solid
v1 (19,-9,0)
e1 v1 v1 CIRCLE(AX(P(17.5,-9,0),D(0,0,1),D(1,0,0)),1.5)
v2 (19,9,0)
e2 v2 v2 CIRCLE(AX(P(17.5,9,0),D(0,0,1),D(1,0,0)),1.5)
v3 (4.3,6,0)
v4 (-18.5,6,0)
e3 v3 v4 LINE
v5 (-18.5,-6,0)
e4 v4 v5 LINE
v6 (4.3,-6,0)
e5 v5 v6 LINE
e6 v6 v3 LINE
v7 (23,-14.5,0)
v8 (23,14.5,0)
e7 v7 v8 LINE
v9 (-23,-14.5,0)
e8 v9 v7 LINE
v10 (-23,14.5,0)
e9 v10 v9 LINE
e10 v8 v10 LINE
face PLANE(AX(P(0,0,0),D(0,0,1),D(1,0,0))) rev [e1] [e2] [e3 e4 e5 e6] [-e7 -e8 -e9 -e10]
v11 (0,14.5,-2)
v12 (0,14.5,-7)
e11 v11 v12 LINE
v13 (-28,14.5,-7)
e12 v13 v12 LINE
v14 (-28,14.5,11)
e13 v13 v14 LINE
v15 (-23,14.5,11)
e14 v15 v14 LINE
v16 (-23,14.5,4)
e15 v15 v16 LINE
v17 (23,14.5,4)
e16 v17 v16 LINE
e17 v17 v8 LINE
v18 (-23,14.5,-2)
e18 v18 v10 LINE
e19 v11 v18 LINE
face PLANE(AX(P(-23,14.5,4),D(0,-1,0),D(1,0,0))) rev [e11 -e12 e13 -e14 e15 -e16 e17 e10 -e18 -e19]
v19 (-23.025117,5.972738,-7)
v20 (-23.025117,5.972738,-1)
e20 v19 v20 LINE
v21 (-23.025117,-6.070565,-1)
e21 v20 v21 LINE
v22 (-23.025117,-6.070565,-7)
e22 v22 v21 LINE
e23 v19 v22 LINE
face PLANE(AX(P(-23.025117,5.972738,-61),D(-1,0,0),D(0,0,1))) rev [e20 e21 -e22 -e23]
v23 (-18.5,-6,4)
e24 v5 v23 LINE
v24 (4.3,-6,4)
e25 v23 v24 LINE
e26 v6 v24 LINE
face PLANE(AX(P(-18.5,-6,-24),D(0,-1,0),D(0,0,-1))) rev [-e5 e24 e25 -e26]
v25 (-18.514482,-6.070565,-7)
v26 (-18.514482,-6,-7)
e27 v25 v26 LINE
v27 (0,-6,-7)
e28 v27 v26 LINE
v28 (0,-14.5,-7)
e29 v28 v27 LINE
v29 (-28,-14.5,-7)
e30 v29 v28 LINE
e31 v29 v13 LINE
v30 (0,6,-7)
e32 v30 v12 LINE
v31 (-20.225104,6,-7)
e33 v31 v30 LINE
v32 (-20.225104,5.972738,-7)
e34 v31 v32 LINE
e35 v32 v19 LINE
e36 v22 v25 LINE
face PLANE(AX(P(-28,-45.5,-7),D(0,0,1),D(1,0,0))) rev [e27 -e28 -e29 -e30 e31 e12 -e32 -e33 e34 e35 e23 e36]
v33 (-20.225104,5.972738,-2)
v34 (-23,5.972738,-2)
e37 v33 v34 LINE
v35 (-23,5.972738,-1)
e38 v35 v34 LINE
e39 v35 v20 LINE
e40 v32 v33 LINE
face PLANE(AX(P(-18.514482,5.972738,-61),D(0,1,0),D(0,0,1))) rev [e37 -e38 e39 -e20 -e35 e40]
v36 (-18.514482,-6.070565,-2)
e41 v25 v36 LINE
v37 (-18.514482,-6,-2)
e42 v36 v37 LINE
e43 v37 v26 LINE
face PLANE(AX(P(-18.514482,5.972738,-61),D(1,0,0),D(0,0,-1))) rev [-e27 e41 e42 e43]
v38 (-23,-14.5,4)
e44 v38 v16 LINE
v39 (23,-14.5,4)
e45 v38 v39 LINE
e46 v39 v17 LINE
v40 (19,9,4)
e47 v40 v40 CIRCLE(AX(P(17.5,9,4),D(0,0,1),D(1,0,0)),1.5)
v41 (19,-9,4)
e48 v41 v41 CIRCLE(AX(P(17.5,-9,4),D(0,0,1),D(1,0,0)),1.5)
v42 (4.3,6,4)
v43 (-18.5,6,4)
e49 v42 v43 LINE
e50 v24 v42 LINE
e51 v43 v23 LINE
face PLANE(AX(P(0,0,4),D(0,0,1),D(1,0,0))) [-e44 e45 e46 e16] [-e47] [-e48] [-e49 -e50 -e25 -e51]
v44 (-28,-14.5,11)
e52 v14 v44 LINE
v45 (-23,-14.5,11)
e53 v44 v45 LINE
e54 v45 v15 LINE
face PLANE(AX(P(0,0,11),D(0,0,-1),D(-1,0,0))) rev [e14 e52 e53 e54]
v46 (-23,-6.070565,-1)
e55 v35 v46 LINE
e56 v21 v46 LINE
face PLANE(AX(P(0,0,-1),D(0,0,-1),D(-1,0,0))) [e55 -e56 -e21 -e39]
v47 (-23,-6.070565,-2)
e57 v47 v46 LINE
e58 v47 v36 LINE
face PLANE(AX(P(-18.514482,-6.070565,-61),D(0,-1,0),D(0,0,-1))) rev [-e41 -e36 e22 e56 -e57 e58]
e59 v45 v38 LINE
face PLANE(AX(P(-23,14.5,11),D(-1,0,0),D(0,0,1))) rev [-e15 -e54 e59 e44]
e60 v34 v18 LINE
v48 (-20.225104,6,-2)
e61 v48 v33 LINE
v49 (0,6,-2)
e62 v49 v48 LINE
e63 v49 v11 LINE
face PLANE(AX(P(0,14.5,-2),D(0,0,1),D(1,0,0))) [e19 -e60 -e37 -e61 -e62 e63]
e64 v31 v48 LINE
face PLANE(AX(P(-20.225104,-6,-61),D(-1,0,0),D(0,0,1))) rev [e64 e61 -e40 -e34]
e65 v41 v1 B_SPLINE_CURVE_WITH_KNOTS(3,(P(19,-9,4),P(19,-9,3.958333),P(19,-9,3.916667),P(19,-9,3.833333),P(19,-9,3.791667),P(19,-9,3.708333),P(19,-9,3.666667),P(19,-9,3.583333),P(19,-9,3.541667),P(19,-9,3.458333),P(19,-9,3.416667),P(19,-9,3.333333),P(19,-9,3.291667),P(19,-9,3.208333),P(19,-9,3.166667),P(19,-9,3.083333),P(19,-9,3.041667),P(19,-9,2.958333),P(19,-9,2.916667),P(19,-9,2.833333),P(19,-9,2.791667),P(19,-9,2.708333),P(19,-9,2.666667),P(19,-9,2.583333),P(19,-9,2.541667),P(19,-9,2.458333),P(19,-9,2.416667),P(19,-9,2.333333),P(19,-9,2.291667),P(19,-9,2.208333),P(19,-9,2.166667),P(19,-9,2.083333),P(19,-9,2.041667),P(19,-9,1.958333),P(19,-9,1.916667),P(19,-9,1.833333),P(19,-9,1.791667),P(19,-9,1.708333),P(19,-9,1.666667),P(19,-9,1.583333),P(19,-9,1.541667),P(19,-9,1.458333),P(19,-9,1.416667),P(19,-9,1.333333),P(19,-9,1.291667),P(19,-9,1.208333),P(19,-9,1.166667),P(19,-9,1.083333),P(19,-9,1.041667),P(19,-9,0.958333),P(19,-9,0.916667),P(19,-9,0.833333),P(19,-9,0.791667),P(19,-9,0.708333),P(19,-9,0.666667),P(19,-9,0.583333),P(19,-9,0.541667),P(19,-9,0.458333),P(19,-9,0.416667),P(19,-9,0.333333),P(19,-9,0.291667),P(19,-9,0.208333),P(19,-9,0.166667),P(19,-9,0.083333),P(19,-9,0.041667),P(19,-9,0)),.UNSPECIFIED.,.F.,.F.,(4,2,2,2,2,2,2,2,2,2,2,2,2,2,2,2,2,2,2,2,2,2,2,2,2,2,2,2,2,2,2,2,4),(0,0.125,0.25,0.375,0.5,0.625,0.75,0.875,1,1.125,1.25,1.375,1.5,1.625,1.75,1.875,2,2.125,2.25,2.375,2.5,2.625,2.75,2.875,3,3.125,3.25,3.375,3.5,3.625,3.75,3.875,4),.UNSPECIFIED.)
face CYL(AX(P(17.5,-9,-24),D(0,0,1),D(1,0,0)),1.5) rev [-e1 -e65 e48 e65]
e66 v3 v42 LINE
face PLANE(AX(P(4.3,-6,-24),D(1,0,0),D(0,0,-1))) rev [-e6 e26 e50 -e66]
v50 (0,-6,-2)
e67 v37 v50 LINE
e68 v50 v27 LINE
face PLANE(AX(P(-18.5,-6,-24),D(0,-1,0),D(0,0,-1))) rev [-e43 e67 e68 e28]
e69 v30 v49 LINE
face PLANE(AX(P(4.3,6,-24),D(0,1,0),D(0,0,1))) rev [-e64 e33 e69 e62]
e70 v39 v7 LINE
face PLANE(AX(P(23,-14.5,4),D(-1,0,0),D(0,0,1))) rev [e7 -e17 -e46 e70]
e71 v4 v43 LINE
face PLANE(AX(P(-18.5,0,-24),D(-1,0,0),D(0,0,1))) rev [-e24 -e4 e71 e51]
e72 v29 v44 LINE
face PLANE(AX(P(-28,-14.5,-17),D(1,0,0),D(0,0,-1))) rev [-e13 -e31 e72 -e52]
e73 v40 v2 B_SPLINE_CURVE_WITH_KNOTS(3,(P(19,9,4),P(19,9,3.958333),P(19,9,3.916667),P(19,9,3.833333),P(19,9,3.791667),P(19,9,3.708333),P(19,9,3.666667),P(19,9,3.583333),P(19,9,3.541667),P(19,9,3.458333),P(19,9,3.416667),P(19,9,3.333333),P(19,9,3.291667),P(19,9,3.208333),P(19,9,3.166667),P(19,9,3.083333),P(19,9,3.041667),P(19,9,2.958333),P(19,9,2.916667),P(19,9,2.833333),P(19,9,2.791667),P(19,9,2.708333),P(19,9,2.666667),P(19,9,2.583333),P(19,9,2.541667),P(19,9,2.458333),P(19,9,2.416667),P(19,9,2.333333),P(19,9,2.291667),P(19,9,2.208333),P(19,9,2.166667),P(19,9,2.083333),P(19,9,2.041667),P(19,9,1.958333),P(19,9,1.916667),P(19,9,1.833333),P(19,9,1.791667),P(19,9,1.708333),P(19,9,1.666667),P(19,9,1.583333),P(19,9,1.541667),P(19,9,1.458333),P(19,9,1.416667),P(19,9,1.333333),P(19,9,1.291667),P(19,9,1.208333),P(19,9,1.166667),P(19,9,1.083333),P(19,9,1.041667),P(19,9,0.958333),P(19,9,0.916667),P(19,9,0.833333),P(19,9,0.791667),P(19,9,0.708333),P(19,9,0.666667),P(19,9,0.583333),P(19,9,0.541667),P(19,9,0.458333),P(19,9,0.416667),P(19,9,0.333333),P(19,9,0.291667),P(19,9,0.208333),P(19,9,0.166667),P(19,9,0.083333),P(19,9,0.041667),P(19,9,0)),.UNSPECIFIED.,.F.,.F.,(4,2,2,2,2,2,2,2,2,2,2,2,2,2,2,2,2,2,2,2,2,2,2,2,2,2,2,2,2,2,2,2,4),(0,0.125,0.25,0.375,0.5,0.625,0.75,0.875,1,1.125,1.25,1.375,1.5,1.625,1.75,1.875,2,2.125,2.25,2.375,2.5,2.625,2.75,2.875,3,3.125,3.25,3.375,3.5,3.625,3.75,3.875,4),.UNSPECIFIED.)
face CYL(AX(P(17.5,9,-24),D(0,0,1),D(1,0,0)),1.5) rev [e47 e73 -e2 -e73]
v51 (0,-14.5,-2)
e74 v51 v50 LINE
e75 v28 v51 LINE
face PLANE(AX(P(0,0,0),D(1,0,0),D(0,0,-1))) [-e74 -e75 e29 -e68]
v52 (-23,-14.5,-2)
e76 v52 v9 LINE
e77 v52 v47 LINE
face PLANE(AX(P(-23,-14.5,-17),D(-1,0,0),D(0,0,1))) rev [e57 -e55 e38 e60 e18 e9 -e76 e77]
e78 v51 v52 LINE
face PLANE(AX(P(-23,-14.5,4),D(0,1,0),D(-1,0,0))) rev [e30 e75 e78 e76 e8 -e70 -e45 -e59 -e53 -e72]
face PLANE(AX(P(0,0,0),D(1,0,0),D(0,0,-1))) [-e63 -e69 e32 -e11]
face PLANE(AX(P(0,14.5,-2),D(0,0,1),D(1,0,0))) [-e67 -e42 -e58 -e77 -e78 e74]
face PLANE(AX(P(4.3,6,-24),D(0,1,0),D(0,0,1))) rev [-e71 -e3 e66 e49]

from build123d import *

# Parameters (mm, degrees)
CROQUIS1_W              = 29
CROQUIS1_H              = 46
SALIENTE_EXTRUIR1_DEPTH = 4
CROQUIS2_W              = 5
CROQUIS2_H              = 29
SALIENTE_EXTRUIR2_DEPTH = 7
CROQUIS3_W              = 5
CROQUIS3_H              = 29
SALIENTE_EXTRUIR3_DEPTH = 21
CROQUIS4_W              = 29
CROQUIS4_H              = 15
SALIENTE_EXTRUIR4_DEPTH = 28
CROQUIS5_R              = 1.5
CORTAR_EXTRUIR1_DEPTH   = 28
CROQUIS6_W              = 28
CROQUIS6_H              = 10
CORTAR_EXTRUIR2_DEPTH   = 60
CORTAR_EXTRUIR3_START   = -5
CROQUIS7_W              = 4.510634874
CROQUIS7_H              = 12.04330307
CORTAR_EXTRUIR3_DEPTH   = 60
CORTAR_EXTRUIR4_START   = -5
CROQUIS8_W              = 3.464680309
CROQUIS8_H              = 12
CORTAR_EXTRUIR4_DEPTH   = 60


with BuildPart() as part:
    # Croquis1 → Saliente-Extruir1 (new body)
    with BuildSketch(Plane(origin=(0, 0, 0), x_dir=(0, 1, 0), z_dir=(0, 0, 1))):
        Rectangle(CROQUIS1_W, CROQUIS1_H)
    extrude(amount=SALIENTE_EXTRUIR1_DEPTH)



with BuildPart() as body_2:
    # Croquis2 → Saliente-Extruir2 (new body)
    with BuildSketch(Plane.XY.offset(4)):
        with Locations((-25.5, 0)):
            Rectangle(CROQUIS2_W, CROQUIS2_H)
    extrude(amount=SALIENTE_EXTRUIR2_DEPTH)


with BuildPart() as part_1:
    add(part.part)

    add(body_2.part)  # Saliente-Extruir3 merges body 2
    # Croquis3 → Saliente-Extruir3 (add)
    with BuildSketch(Plane(origin=(0, 0, 4), x_dir=(1, 0, 0), z_dir=(0, 0, -1))):
        with Locations((-25.5, 0)):
            Rectangle(CROQUIS3_W, CROQUIS3_H)
    extrude(amount=SALIENTE_EXTRUIR3_DEPTH)

    # Croquis4 → Saliente-Extruir4 (add)
    with BuildSketch(Plane(origin=(-28, 0, 0), x_dir=(0, -1, 0), z_dir=(-1, 0, 0))):
        with Locations((0, -9.5)):
            Rectangle(CROQUIS4_W, CROQUIS4_H)
    extrude(amount=-SALIENTE_EXTRUIR4_DEPTH)

    # Croquis5 → Cortar-Extruir1 (cut)
    with BuildSketch(Plane.XY.offset(4)):
        with Locations((17.5, -9)):
            Circle(CROQUIS5_R)
        with Locations((17.5, 9)):
            Circle(CROQUIS5_R)
        Polygon((-18.5, 0), (-18.5, -6), (4.3, -6), (4.3, 6), (-18.5, 6), align=None)
    extrude(amount=-CORTAR_EXTRUIR1_DEPTH, mode=Mode.SUBTRACT)

    # Croquis6 → Cortar-Extruir2 (cut)
    with BuildSketch(Plane(origin=(0, 14.5, 0), x_dir=(1, 0, 0), z_dir=(0, 1, 0))):
        with Locations((-14, 12)):
            Rectangle(CROQUIS6_W, CROQUIS6_H)
    extrude(amount=-CORTAR_EXTRUIR2_DEPTH, mode=Mode.SUBTRACT)

    # Croquis7 → Cortar-Extruir3 (cut)
    with BuildSketch(Plane.XY.offset(4).offset(CORTAR_EXTRUIR3_START)):
        with Locations((-20.769799618, -0.048913864)):
            Rectangle(CROQUIS7_W, CROQUIS7_H)
    extrude(amount=-CORTAR_EXTRUIR3_DEPTH, mode=Mode.SUBTRACT)

    # Croquis8 → Cortar-Extruir4 (cut)
    with BuildSketch(Plane.XY.offset(4).offset(CORTAR_EXTRUIR4_START)):
        with Locations((-18.492763456, 0)):
            Rectangle(CROQUIS8_W, CROQUIS8_H)
    extrude(amount=-CORTAR_EXTRUIR4_DEPTH, mode=Mode.SUBTRACT)


solid = part_1.part
